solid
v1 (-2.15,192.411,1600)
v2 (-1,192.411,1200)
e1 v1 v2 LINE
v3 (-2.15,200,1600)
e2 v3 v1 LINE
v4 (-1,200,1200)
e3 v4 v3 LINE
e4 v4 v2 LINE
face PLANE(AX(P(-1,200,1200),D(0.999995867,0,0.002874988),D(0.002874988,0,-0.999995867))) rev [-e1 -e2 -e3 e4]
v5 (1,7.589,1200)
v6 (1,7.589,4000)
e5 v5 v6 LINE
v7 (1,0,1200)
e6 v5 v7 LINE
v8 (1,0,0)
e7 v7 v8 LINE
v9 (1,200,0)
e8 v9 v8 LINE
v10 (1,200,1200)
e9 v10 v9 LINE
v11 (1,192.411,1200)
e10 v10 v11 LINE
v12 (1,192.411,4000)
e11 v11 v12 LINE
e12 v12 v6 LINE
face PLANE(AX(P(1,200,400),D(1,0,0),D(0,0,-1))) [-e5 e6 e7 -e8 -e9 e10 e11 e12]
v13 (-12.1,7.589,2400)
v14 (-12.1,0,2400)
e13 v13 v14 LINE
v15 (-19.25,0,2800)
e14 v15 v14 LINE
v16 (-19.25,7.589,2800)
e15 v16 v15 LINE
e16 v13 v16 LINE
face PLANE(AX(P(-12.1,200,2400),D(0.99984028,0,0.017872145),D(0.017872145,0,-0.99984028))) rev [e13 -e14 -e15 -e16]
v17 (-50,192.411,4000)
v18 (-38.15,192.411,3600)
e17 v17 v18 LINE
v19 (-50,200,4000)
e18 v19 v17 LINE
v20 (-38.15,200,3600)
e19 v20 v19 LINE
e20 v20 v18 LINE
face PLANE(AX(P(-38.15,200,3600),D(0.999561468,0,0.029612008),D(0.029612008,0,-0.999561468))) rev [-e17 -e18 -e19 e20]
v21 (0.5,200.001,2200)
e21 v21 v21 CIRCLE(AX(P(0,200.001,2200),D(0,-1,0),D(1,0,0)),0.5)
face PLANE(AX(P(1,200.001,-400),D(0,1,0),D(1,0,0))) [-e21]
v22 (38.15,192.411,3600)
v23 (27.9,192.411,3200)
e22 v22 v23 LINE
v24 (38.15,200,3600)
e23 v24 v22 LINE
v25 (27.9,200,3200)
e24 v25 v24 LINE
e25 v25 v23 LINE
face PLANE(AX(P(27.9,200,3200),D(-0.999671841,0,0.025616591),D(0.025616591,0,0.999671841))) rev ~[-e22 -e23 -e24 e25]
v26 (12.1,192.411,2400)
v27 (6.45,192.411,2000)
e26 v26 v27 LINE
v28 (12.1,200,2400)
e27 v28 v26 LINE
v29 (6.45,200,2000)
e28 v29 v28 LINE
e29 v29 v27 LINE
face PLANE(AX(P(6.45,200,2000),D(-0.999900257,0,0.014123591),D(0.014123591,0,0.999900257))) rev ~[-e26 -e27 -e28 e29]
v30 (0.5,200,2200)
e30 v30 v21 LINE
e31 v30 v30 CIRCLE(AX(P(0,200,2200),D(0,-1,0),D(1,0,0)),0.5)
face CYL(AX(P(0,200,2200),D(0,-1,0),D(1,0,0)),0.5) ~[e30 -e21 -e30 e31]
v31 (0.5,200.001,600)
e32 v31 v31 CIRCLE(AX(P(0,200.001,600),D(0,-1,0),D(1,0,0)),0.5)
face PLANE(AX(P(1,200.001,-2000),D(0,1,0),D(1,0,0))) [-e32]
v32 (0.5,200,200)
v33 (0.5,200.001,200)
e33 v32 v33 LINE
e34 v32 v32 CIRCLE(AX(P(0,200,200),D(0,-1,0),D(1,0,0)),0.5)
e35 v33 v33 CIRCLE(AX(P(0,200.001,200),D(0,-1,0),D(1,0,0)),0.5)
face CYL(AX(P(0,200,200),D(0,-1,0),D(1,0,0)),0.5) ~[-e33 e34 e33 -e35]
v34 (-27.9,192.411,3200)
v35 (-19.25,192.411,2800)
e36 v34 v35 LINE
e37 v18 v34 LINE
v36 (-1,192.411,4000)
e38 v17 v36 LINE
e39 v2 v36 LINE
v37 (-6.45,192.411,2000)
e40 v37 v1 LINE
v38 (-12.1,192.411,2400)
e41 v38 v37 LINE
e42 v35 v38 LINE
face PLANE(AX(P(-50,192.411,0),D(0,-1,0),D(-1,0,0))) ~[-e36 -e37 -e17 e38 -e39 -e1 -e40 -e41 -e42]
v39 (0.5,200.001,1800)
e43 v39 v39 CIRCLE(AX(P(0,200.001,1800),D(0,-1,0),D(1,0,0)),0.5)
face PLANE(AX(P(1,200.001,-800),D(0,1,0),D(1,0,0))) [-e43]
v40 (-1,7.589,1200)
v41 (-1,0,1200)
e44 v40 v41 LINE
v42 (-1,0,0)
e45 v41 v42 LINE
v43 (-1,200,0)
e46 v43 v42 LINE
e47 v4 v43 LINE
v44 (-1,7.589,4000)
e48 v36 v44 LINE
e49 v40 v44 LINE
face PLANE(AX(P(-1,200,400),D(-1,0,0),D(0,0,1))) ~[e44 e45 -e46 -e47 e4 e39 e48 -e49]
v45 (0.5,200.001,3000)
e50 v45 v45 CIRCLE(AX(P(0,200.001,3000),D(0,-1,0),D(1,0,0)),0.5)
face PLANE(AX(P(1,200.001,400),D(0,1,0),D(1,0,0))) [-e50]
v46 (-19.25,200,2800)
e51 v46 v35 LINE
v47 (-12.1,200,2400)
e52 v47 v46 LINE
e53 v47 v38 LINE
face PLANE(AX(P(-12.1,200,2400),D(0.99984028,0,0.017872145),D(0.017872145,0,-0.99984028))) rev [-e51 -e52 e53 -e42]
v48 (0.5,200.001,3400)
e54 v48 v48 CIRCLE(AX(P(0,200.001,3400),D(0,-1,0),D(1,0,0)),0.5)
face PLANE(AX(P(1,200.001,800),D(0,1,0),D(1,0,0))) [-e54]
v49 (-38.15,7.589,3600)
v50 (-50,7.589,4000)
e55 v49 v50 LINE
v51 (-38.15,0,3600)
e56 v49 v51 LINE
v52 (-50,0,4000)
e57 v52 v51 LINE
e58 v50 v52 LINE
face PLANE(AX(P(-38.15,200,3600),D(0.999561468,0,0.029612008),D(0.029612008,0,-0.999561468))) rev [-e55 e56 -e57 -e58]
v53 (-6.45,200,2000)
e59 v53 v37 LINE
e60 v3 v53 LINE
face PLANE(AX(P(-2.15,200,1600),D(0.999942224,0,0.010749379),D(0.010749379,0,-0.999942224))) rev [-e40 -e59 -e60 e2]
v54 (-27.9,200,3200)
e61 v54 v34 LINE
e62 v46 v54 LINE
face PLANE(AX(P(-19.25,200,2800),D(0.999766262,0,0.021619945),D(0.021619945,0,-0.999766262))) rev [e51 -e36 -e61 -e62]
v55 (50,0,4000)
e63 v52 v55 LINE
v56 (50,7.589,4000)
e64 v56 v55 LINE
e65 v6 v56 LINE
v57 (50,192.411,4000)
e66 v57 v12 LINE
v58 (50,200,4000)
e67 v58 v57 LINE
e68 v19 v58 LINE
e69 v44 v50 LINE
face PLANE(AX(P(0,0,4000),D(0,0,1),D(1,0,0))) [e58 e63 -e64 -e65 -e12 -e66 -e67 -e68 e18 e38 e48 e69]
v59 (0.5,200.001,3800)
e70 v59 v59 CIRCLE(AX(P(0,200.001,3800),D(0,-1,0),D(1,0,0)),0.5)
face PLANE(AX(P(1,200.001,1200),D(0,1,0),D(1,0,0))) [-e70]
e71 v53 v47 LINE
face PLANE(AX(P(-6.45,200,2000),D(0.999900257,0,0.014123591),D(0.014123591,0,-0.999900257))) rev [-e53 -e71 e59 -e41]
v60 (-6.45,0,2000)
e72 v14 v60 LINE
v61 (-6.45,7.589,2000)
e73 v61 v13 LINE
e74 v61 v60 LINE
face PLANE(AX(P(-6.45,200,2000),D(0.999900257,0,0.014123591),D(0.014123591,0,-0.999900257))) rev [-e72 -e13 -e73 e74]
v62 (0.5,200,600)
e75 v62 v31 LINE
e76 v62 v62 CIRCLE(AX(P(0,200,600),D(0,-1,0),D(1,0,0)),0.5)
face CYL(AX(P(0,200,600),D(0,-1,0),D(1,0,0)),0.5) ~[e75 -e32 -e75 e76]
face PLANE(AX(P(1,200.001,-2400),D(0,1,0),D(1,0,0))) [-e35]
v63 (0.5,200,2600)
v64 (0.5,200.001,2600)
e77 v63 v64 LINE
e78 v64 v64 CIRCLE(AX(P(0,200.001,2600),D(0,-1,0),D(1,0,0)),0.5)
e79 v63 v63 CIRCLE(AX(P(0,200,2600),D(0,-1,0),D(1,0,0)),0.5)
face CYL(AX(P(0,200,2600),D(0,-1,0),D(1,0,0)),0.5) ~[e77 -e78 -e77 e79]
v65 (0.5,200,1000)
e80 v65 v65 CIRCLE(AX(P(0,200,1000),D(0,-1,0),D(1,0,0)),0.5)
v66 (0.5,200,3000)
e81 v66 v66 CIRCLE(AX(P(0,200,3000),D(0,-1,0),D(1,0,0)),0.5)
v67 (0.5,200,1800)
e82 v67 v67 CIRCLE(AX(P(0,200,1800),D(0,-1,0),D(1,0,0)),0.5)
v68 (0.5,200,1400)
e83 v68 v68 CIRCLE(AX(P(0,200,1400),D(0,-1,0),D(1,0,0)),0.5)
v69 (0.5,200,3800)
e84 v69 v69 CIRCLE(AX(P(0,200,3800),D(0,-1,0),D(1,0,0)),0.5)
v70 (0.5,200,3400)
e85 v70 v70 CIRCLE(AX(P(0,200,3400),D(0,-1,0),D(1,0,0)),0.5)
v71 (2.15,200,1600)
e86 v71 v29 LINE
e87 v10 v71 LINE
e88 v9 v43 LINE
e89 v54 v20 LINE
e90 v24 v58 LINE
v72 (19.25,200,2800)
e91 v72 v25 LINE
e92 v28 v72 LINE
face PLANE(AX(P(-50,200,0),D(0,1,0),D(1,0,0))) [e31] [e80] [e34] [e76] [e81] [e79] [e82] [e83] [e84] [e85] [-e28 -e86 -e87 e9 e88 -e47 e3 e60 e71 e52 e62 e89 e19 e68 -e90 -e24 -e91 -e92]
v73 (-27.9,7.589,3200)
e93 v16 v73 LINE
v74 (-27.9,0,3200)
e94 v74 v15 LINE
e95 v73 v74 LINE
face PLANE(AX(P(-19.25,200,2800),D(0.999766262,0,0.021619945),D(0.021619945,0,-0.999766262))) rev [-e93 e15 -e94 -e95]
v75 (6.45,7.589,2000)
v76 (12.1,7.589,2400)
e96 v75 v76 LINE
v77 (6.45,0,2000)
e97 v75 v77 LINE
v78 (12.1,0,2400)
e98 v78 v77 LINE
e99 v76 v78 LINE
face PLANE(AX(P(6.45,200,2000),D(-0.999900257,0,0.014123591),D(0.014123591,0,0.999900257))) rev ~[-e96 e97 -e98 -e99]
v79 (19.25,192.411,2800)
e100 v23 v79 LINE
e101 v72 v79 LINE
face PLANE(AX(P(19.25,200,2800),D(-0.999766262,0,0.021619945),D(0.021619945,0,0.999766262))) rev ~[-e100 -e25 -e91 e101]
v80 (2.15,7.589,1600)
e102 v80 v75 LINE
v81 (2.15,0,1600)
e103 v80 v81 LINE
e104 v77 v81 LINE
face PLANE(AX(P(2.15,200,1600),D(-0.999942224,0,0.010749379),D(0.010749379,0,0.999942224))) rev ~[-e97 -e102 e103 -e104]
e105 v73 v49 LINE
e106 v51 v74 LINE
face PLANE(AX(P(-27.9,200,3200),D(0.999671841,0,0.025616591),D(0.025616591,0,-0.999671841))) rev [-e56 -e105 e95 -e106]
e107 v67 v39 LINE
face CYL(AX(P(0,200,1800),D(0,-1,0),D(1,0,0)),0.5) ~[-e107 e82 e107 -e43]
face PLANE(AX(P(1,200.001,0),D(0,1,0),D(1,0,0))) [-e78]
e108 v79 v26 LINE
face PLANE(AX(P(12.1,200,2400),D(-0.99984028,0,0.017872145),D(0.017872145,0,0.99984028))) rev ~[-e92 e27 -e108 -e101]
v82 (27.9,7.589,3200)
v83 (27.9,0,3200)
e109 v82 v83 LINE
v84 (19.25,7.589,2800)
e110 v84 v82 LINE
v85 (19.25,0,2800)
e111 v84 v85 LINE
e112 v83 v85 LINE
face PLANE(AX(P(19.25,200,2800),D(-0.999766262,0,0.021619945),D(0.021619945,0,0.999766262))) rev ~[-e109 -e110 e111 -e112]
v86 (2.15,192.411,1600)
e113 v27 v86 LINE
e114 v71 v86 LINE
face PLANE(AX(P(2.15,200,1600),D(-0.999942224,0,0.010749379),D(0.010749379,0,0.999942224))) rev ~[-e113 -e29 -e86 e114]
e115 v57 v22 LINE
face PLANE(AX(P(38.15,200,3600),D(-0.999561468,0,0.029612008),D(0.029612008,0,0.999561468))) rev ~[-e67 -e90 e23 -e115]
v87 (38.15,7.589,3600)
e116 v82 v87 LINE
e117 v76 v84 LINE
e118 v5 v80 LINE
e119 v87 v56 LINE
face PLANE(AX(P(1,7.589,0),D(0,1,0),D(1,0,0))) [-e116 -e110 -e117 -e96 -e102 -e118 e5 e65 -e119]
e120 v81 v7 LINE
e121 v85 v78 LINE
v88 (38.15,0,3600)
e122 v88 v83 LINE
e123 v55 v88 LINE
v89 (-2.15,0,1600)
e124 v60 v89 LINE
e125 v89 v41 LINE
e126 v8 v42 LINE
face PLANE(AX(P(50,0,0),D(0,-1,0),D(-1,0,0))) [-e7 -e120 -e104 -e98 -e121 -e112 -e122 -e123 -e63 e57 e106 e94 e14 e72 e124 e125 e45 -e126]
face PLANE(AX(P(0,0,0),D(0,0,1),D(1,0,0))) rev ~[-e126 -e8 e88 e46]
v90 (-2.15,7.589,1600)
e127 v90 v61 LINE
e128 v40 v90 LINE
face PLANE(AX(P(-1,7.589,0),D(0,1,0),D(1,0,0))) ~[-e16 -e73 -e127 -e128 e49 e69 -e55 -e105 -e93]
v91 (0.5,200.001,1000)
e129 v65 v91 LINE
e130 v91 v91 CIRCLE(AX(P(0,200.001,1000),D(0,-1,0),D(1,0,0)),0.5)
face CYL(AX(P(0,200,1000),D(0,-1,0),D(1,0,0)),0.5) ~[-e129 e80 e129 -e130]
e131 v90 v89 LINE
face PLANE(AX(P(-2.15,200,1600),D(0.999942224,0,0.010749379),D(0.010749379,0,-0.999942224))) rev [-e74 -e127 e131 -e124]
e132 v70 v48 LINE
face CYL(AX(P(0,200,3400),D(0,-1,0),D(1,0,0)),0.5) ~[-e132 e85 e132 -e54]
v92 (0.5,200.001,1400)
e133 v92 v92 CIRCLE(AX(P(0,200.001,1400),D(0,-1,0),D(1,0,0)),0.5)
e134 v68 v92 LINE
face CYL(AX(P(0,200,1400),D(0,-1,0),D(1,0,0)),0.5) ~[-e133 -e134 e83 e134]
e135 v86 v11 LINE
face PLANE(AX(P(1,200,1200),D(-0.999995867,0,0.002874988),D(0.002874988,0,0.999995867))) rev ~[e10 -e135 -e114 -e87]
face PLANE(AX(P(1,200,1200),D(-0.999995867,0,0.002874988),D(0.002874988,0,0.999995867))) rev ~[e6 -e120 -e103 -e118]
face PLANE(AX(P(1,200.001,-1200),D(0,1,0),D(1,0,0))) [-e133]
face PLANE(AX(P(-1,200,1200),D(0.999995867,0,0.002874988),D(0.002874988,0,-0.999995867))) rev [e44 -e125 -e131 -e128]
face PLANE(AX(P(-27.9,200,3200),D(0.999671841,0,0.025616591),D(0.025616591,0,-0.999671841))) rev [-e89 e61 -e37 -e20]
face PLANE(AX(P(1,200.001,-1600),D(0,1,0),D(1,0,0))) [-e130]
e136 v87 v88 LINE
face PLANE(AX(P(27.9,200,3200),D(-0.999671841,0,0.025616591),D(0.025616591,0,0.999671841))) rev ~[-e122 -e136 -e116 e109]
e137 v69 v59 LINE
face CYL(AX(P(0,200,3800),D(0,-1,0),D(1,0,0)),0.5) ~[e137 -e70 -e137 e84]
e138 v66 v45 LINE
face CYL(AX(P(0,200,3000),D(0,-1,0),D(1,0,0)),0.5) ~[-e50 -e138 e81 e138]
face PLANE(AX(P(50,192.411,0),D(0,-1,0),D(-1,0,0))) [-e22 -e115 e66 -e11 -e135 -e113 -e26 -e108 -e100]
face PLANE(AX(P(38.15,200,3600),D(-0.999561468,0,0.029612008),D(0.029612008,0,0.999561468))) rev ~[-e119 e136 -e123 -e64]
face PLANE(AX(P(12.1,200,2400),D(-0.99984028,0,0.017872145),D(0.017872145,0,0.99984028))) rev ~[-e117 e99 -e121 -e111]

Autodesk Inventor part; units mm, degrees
ref_plane "YZ Plane" through (0, 0, 0) normal (1, 0, 0) x (0, 1, 0)
ref_plane "XZ Plane" through (0, 0, 0) normal (0, 1, 0) x (-1, 0, 0)
ref_plane "XY Plane" through (0, 0, 0) normal (0, 0, 1) x (1, 0, 0)
sketch "Sketch1" plane through (0, 0, 0) normal (0, 1, 0) x (-1, 0, 0)
  point P0 (0, 0)
sketch "Sketch2" plane through (0, 0, 0) normal (0, 0, 1) x (1, 0, 0)
  line L0 (-50, 200) -> (50, 200)
  line L1 (50, 200) -> (50, 0)
  line L2 (50, 0) -> (-50, 0)
  line L3 (-50, 0) -> (-50, 200)
  line L4 (-50, 192.411) -> (-1, 192.411)
  line L5 (-1, 192.411) -> (-1, 7.589)
  line L6 (-1, 7.589) -> (-50, 7.589)
  line L7 (-50, 7.589) -> (-50, 192.411)
  line L8 (50, 192.411) -> (1, 192.411)
  line L9 (1, 192.411) -> (1, 7.589)
  line L10 (1, 7.589) -> (50, 7.589)
  line L11 (50, 7.589) -> (50, 192.411)
  point P0 (0, 0)
  point P1 (0, 0)
  dimension "d0" = 100
  dimension "d1" = 2
  dimension "d2" = 7.589
  dimension "d3" = 7.589
  dimension "d4" = 200
extrude "Extrusion1" add sketch "Sketch2" along normal blind 4000 contours L0 L1 L8 L9 L10 L2 L3 L6 L5 L4
sketch "Sketch5" plane through (-50, 200, 0) normal (0, 1, 0) x (1, 0, 0)
  line L0 (100, -3600) -> (100, -3200)
  line L1 (100, 0) -> (100, -4000) projected
  line L2 (100, 0) -> (100, -4000) projected
  line L3 (100, -4000) -> (100, -3600)
  line L4 (100, -4000) -> (0, -4000) projected
  line L5 (100, -3600) -> (100, -3200)
  line L6 (100, -3200) -> (100, -2800)
  line L7 (69.25, -2800) -> (77.9, -3200)
  line L8 (100, -2800) -> (100, -2400)
  line L9 (62.1, -2400) -> (69.25, -2800)
  line L10 (88.15, -3600) -> (100, -4000)
  line L11 (77.9, -3200) -> (88.15, -3600)
  line L12 (100, -2400) -> (100, -2000)
  line L13 (100, -2000) -> (100, -1600)
  line L14 (56.45, -2000) -> (62.1, -2400)
  line L15 (52.15, -1600) -> (56.45, -2000)
  line L16 (100, -1600) -> (100, -1200)
  line L17 (100, -1200) -> (100, -800)
  line L18 (100, -800) -> (100, -400)
  line L19 (100, -400) -> (100, 0)
  line L20 (100, 0) -> (0, 0) projected
  line L21 (49, 0) -> (49, -4000) projected
  line L22 (51, -1200) -> (52.15, -1600)
  line L23 (51, -800) -> (51, -1200)
  line L24 (51, -400) -> (51, -800)
  line L25 (100, 0) -> (51, 0)
  line L26 (51, -400) -> (51, 0)
  point P0 (50, 0)
  dimension "d23" = 400
  dimension "d25" = 400
  dimension "d27" = 400
  dimension "d28" = 30.75
  dimension "d29" = 400
  dimension "d30" = 37.9
  dimension "d31" = 11.85
  dimension "d32" = 22.1
  dimension "d33" = 400
  dimension "d34" = 400
  dimension "d35" = 43.55
  dimension "d37" = 400
  dimension "d38" = 400
  dimension "d39" = 400
  dimension "d40" = 400
  dimension "d43" = 47.85
  dimension "d44" = 49
  dimension "d45" = 49
  dimension "d46" = 49
  dimension "d47" = 49
extrude "Extrusion4" cut sketch "Sketch5" against normal blind 1000 contours L1 L10 L11 L7 L9 L14 L15 L22 L23 L24 L26 L20 L0
split "Split1" plane through (0, 0, 0) removes the side toward (-1, 0, 0)
mirror "Mirror1" about plane through (0, 0, 0) normal (1, 0, 0)
sketch "Sketch6" plane through (1, 200, 1200) normal (0, 1, 0) x (1, 0, 0)
  line L0 (-51, -2800) -> (49, -2800) projected
  line L1 (-51, -2800) -> (-1, -2800)
  line L2 (-1, -2800) -> (-1, -2600)
  circle A0 centre (-1, -2600) radius 0.5
  point P0 (-1, 1200)
  dimension "d50" = 200
  dimension "d51" = 1
extrude "Extrusion5" add sketch "Sketch6" along normal blind 0.001
pattern_linear "Rectangular Pattern1" count 10 spacing 400 along (0, 0, -1) of "Extrusion5"
equation "\"d3\" = d2"
properties material "Aluminum 2014-T6"
